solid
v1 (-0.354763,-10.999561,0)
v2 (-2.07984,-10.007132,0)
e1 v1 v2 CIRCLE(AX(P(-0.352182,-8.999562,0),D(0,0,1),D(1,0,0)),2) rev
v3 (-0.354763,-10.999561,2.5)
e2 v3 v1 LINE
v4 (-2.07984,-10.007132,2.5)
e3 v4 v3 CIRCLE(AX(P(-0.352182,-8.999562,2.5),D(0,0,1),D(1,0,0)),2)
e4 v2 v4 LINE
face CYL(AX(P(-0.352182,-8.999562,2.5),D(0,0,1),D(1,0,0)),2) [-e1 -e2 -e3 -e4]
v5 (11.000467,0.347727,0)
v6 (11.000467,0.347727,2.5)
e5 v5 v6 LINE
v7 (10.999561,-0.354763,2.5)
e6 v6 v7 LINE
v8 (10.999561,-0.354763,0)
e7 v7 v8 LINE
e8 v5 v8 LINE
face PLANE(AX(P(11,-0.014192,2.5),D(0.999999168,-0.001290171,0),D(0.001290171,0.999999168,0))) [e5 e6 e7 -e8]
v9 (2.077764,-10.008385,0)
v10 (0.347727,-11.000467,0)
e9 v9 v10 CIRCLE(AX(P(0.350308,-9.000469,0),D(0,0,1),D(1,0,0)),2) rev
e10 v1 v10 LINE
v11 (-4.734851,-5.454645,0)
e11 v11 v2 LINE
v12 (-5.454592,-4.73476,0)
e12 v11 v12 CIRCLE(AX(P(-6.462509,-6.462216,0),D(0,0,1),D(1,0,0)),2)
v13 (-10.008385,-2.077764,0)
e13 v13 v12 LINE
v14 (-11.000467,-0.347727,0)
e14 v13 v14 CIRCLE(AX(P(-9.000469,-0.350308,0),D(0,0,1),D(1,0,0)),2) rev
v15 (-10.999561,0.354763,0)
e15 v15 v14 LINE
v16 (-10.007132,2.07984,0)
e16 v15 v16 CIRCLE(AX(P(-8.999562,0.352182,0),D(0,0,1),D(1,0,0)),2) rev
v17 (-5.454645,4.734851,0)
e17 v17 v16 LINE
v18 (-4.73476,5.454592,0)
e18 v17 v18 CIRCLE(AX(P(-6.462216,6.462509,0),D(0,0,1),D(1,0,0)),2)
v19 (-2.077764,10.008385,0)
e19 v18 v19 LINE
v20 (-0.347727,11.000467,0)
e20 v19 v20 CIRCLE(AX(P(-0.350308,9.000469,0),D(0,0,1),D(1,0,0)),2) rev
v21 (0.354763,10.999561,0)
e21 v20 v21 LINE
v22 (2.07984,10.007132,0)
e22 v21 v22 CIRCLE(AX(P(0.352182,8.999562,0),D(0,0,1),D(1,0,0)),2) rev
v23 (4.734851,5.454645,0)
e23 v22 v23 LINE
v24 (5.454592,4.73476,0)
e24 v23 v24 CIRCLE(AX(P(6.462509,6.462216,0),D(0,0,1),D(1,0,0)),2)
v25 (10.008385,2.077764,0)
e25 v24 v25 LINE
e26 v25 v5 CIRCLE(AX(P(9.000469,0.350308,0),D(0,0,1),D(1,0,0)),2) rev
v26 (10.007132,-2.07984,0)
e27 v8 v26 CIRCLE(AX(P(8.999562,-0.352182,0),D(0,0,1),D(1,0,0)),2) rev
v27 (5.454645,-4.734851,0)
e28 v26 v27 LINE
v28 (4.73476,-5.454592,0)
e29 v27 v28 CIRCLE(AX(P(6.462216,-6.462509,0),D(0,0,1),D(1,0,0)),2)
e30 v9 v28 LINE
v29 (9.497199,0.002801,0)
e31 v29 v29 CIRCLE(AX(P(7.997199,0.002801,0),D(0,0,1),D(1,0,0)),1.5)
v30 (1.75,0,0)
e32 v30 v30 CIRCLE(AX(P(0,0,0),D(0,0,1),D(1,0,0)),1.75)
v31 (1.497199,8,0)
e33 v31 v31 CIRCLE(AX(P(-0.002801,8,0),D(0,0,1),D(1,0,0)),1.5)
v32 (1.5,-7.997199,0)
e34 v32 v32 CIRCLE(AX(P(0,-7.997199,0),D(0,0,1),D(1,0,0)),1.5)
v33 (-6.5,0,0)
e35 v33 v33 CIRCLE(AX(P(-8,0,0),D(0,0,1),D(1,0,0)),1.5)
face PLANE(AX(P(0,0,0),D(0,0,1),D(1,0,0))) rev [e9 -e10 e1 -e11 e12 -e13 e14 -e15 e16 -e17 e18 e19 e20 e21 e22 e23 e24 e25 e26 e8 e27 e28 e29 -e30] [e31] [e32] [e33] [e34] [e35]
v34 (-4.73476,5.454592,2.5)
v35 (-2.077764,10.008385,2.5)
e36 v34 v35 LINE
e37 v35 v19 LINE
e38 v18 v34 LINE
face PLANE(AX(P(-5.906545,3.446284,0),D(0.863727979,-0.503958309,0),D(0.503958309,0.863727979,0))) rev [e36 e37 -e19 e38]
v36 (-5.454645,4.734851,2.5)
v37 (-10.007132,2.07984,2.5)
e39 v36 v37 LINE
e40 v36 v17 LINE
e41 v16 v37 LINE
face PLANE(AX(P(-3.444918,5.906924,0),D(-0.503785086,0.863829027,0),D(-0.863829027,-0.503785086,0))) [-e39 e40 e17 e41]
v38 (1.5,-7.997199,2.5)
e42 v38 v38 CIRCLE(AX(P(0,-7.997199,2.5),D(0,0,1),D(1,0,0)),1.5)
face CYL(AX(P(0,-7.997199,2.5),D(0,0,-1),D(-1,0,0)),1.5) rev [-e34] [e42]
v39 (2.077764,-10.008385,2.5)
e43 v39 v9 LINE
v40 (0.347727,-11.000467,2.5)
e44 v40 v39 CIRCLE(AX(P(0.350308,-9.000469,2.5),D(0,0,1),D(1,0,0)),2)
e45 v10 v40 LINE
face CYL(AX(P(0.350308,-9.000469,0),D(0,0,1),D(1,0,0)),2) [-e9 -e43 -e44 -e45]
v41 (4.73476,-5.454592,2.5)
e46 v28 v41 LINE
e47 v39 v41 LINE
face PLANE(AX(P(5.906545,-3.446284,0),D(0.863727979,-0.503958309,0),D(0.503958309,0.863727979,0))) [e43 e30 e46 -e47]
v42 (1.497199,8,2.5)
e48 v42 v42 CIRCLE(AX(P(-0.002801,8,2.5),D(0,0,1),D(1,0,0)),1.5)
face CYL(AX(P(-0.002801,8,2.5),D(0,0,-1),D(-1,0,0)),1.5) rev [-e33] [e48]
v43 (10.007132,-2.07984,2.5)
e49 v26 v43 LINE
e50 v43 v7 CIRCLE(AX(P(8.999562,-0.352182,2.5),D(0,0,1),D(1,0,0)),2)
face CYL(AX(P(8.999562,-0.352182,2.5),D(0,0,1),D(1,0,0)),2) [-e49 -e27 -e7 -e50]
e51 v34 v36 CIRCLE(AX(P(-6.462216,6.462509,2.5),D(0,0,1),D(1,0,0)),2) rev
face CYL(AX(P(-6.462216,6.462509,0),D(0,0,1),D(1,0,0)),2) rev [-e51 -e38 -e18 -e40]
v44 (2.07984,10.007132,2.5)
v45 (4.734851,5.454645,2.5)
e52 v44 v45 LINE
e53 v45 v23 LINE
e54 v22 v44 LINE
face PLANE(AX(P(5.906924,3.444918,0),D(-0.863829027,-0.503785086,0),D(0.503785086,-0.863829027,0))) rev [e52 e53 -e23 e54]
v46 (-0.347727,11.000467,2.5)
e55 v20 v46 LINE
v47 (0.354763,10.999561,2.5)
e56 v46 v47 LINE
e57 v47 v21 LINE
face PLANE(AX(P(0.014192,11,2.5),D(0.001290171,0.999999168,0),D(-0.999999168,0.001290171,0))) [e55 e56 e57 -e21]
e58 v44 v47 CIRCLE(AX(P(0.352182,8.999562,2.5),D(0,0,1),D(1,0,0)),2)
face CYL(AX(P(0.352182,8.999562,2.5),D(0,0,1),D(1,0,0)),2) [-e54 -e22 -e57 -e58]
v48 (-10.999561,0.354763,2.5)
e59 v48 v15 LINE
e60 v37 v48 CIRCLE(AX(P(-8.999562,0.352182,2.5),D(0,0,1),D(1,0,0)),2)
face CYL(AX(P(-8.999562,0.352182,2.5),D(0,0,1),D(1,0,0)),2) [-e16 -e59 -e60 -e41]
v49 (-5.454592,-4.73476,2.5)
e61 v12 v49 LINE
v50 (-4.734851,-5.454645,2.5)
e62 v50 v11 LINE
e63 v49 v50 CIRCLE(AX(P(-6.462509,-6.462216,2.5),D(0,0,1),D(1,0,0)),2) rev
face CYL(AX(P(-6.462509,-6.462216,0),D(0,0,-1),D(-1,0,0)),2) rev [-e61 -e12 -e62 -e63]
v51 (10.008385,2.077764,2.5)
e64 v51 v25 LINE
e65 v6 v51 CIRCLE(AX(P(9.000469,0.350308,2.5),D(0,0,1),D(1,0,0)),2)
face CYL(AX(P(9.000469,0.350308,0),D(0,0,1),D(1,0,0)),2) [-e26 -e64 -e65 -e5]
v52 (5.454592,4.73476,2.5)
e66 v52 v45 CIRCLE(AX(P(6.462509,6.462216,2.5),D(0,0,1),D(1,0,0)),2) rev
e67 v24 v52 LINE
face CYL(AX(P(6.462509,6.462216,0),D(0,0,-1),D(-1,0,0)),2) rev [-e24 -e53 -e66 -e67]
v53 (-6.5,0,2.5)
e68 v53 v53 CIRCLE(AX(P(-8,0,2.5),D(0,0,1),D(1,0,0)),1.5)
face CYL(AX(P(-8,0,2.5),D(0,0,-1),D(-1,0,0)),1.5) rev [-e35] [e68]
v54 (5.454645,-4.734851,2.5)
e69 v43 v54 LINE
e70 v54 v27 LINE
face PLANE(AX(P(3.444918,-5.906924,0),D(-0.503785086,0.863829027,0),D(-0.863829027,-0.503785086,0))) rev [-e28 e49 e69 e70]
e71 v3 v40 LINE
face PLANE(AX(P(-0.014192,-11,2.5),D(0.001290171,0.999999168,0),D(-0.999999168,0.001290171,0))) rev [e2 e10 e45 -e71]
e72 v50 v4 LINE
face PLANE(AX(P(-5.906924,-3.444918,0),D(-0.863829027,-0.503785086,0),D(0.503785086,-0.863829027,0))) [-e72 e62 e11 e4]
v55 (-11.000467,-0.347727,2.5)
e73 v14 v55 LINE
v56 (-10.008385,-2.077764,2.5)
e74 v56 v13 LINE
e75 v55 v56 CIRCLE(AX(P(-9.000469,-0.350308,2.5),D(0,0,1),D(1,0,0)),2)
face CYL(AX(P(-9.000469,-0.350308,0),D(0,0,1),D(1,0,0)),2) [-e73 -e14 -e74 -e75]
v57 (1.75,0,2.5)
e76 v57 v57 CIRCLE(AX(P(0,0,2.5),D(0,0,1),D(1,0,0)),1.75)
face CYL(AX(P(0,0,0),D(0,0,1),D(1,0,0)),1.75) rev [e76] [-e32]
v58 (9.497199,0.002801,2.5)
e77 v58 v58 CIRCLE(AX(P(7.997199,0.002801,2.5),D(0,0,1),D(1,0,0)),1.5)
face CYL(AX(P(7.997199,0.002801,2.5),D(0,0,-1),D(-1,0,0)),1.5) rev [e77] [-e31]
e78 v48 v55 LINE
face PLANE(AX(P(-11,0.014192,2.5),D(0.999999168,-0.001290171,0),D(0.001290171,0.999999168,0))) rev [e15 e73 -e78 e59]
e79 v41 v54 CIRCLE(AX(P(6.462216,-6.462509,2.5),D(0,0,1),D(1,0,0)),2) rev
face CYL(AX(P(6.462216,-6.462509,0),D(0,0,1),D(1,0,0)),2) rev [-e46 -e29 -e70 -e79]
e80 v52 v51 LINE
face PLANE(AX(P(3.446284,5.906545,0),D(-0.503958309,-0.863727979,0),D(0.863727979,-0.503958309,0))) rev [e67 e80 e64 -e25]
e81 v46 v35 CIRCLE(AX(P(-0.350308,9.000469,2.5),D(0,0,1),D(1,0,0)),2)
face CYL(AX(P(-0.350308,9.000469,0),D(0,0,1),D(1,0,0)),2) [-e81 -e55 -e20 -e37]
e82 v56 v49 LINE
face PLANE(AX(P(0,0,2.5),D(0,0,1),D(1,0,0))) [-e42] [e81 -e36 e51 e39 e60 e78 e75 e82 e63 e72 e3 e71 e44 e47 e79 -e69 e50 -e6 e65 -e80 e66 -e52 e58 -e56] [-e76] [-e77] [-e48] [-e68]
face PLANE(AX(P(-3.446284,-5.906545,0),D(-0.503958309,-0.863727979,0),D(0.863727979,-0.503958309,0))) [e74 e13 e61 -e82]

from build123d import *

# Parameters (mm, degrees)
BOSS_EXTRUDE1_DEPTH = 2.5
CUT_EXTRUDE1_DEPTH  = 2.5
SKETCH3_R           = 1.75
CUT_EXTRUDE2_DEPTH  = 2.5
FILLET1_R           = 2


with BuildPart() as part:
    # Sketch1 → Boss-Extrude1 (new body)
    with BuildSketch(Plane.XY):
        with BuildLine():
            Line((-5, 6.244997998), (-5, 7.5))
            Line((-5, 7.5), (-10.998080575, 1.501919425))
            Line((-10.998080575, 1.501919425), (-11.001951051, -1.498048949))
            Line((-11.001951051, -1.498048949), (-5, -7.5))
            Line((-5, -7.5), (-5, -6.244997998))
            ThreePointArc((-5, -6.244997998), (-6.854583671, -4.124885779), (-7.859375, -1.493393655))
            ThreePointArc((-7.859375, -1.493393655), (-9.5, 0), (-7.859375, 1.493393655))
            ThreePointArc((-7.859375, 1.493393655), (-6.854583671, 4.124885779), (-5, 6.244997998))
        make_face()
        with BuildLine():
            Line((0, 9.499997384), (0, 11.00001831))
            Line((0, 11.00001831), (-1.498048949, 11.001951051))
            Line((-1.498048949, 11.001951051), (-5, 7.5))
            Line((-5, 7.5), (-5, 6.244997998))
            ThreePointArc((-5, 6.244997998), (-3.346805661, 7.266284599), (-1.496145717, 7.85885157))
            ThreePointArc((-1.496145717, 7.85885157), (-1.111300148, 9.010559559), (0, 9.499997384))
        make_face()
        with BuildLine():
            Line((1.501919425, 10.998080575), (0, 11.00001831))
            Line((0, 11.00001831), (0, 9.499997384))
            ThreePointArc((0, 9.499997384), (1.058848726, 9.059669249), (1.497198557, 8))
            ThreePointArc((1.497198557, 8), (1.495558351, 7.929872059), (1.490641319, 7.859897484))
            ThreePointArc((1.490641319, 7.859897484), (3.344260945, 7.267456139), (5, 6.244997998))
            Line((5, 6.244997998), (5, 7.5))
            Line((5, 7.5), (1.501919425, 10.998080575))
        make_face()
        with BuildLine():
            Line((11.001951051, 1.498048949), (5, 7.5))
            Line((5, 7.5), (5, 6.244997998))
            ThreePointArc((5, 6.244997998), (6.853793729, 4.126198193), (7.858802525, 1.496403311))
            ThreePointArc((7.858802525, 1.496403311), (9.007744437, 1.111312618), (9.497198557, 0.002801443))
            ThreePointArc((9.497198557, 0.002801443), (9.00813269, -1.105355666), (7.859848986, -1.490897019))
            ThreePointArc((7.859848986, -1.490897019), (6.855238728, -4.123797035), (5, -6.244997998))
            Line((5, -6.244997998), (5, -7.5))
            Line((5, -7.5), (10.998080575, -1.501919425))
            Line((10.998080575, -1.501919425), (11.001951051, 1.498048949))
        make_face()
        with BuildLine():
            ThreePointArc((-1.493650301, -7.859326229), (-3.345652024, -7.266815846), (-5, -6.244997998))
            Line((-5, -6.244997998), (-5, -7.5))
            Line((-5, -7.5), (-1.501919425, -10.998080575))
            Line((-1.501919425, -10.998080575), (0, -11.00001831))
            Line((0, -11.00001831), (0, -9.497198557))
            ThreePointArc((0, -9.497198557), (-1.108333995, -9.007938758), (-1.493650301, -7.859326229))
        make_face()
        with BuildLine():
            Line((5, -7.5), (5, -6.244997998))
            ThreePointArc((5, -6.244997998), (3.345652024, -7.266815846), (1.493650301, -7.859326229))
            ThreePointArc((1.493650301, -7.859326229), (1.498411734, -7.928189323), (1.5, -7.997198557))
            ThreePointArc((1.5, -7.997198557), (1.060660172, -9.057858728), (0, -9.497198557))
            Line((0, -9.497198557), (0, -11.00001831))
            Line((0, -11.00001831), (1.498048949, -11.001951051))
            Line((1.498048949, -11.001951051), (5, -7.5))
        make_face()
        with BuildLine():
            ThreePointArc((0, 6.500002616), (-1.011288975, 6.889615878), (-1.496145717, 7.85885157))
            ThreePointArc((-1.496145717, 7.85885157), (-3.346805661, 7.266284599), (-5, 6.244997998))
            Line((-5, 6.244997998), (-5, -6.244997998))
            ThreePointArc((-5, -6.244997998), (-3.345652024, -7.266815846), (-1.493650301, -7.859326229))
            ThreePointArc((-1.493650301, -7.859326229), (-1.010740201, -6.888864561), (0, -6.497198557))
            Line((0, -6.497198557), (0, 6.500002616))
        make_face()
        with BuildLine():
            Line((-5, -6.244997998), (-5, 6.244997998))
            ThreePointArc((-5, 6.244997998), (-6.854583671, 4.124885779), (-7.859375, 1.493393655))
            ThreePointArc((-7.859375, 1.493393655), (-6.890735041, 1.009718401), (-6.5, 0))
            ThreePointArc((-6.5, 0), (-6.890735041, -1.009718401), (-7.859375, -1.493393655))
            ThreePointArc((-7.859375, -1.493393655), (-6.854583671, -4.124885779), (-5, -6.244997998))
        make_face()
        with BuildLine():
            Line((5, -6.244997998), (5, 6.244997998))
            ThreePointArc((5, 6.244997998), (3.344260945, 7.267456139), (1.490641319, 7.859897484))
            ThreePointArc((1.490641319, 7.859897484), (1.008146228, 6.891855241), (0, 6.500002616))
            Line((0, 6.500002616), (0, -6.497198557))
            ThreePointArc((0, -6.497198557), (1.010740201, -6.888864561), (1.493650301, -7.859326229))
            ThreePointArc((1.493650301, -7.859326229), (3.345652024, -7.266815846), (5, -6.244997998))
        make_face()
        with BuildLine():
            ThreePointArc((7.858802525, 1.496403311), (6.853793729, 4.126198193), (5, 6.244997998))
            Line((5, 6.244997998), (5, -6.244997998))
            ThreePointArc((5, -6.244997998), (6.855238728, -4.123797035), (7.859848986, -1.490897019))
            ThreePointArc((7.859848986, -1.490897019), (6.497198649, 0.002275989), (7.858802525, 1.496403311))
        make_face()
    extrude(amount=BOSS_EXTRUDE1_DEPTH)

    # Sketch2 → Cut-Extrude1 (cut)
    with BuildSketch(Plane.XY.offset(2.5)):
        Polygon((-5, 5), (-10.998080575, 1.501919425), (-1.498048949, 11.001951051), align=None)
        Polygon((-5, -5), (-1.501919425, -10.998080575), (-11.001951051, -1.498048949), align=None)
        Polygon((1.501919425, 10.998080575), (5, 5), (11.001951051, 1.498048949), align=None)
        Polygon((10.998080575, -1.501919425), (5, -5), (1.498048949, -11.001951051), align=None)
    extrude(amount=-CUT_EXTRUDE1_DEPTH, mode=Mode.SUBTRACT)

    # Sketch3 → Cut-Extrude2 (cut)
    with BuildSketch(Plane.XY.offset(2.5)):
        Circle(SKETCH3_R)
    extrude(amount=-CUT_EXTRUDE2_DEPTH, mode=Mode.SUBTRACT)

    # Fillet1
    fillet1_edges = [part.edges().sort_by_distance(p)[0] for p in [
        (1.498048949, -11.001951051, 1.25),
        (-1.501919425, -10.998080575, 1.25),
        (-11.001951051, -1.498048949, 1.25),
        (-10.998080575, 1.501919425, 1.25),
        (-1.498048949, 11.001951051, 1.25),
        (1.501919425, 10.998080575, 1.25),
        (11.001951051, 1.498048949, 1.25),
        (10.998080575, -1.501919425, 1.25),
        (-5, -5, 1.25),
        (5, 5, 1.25),
        (5, -5, 1.25),
        (-5, 5, 1.25),
    ]]
    fillet(fillet1_edges, radius=FILLET1_R)


solid = part.part
